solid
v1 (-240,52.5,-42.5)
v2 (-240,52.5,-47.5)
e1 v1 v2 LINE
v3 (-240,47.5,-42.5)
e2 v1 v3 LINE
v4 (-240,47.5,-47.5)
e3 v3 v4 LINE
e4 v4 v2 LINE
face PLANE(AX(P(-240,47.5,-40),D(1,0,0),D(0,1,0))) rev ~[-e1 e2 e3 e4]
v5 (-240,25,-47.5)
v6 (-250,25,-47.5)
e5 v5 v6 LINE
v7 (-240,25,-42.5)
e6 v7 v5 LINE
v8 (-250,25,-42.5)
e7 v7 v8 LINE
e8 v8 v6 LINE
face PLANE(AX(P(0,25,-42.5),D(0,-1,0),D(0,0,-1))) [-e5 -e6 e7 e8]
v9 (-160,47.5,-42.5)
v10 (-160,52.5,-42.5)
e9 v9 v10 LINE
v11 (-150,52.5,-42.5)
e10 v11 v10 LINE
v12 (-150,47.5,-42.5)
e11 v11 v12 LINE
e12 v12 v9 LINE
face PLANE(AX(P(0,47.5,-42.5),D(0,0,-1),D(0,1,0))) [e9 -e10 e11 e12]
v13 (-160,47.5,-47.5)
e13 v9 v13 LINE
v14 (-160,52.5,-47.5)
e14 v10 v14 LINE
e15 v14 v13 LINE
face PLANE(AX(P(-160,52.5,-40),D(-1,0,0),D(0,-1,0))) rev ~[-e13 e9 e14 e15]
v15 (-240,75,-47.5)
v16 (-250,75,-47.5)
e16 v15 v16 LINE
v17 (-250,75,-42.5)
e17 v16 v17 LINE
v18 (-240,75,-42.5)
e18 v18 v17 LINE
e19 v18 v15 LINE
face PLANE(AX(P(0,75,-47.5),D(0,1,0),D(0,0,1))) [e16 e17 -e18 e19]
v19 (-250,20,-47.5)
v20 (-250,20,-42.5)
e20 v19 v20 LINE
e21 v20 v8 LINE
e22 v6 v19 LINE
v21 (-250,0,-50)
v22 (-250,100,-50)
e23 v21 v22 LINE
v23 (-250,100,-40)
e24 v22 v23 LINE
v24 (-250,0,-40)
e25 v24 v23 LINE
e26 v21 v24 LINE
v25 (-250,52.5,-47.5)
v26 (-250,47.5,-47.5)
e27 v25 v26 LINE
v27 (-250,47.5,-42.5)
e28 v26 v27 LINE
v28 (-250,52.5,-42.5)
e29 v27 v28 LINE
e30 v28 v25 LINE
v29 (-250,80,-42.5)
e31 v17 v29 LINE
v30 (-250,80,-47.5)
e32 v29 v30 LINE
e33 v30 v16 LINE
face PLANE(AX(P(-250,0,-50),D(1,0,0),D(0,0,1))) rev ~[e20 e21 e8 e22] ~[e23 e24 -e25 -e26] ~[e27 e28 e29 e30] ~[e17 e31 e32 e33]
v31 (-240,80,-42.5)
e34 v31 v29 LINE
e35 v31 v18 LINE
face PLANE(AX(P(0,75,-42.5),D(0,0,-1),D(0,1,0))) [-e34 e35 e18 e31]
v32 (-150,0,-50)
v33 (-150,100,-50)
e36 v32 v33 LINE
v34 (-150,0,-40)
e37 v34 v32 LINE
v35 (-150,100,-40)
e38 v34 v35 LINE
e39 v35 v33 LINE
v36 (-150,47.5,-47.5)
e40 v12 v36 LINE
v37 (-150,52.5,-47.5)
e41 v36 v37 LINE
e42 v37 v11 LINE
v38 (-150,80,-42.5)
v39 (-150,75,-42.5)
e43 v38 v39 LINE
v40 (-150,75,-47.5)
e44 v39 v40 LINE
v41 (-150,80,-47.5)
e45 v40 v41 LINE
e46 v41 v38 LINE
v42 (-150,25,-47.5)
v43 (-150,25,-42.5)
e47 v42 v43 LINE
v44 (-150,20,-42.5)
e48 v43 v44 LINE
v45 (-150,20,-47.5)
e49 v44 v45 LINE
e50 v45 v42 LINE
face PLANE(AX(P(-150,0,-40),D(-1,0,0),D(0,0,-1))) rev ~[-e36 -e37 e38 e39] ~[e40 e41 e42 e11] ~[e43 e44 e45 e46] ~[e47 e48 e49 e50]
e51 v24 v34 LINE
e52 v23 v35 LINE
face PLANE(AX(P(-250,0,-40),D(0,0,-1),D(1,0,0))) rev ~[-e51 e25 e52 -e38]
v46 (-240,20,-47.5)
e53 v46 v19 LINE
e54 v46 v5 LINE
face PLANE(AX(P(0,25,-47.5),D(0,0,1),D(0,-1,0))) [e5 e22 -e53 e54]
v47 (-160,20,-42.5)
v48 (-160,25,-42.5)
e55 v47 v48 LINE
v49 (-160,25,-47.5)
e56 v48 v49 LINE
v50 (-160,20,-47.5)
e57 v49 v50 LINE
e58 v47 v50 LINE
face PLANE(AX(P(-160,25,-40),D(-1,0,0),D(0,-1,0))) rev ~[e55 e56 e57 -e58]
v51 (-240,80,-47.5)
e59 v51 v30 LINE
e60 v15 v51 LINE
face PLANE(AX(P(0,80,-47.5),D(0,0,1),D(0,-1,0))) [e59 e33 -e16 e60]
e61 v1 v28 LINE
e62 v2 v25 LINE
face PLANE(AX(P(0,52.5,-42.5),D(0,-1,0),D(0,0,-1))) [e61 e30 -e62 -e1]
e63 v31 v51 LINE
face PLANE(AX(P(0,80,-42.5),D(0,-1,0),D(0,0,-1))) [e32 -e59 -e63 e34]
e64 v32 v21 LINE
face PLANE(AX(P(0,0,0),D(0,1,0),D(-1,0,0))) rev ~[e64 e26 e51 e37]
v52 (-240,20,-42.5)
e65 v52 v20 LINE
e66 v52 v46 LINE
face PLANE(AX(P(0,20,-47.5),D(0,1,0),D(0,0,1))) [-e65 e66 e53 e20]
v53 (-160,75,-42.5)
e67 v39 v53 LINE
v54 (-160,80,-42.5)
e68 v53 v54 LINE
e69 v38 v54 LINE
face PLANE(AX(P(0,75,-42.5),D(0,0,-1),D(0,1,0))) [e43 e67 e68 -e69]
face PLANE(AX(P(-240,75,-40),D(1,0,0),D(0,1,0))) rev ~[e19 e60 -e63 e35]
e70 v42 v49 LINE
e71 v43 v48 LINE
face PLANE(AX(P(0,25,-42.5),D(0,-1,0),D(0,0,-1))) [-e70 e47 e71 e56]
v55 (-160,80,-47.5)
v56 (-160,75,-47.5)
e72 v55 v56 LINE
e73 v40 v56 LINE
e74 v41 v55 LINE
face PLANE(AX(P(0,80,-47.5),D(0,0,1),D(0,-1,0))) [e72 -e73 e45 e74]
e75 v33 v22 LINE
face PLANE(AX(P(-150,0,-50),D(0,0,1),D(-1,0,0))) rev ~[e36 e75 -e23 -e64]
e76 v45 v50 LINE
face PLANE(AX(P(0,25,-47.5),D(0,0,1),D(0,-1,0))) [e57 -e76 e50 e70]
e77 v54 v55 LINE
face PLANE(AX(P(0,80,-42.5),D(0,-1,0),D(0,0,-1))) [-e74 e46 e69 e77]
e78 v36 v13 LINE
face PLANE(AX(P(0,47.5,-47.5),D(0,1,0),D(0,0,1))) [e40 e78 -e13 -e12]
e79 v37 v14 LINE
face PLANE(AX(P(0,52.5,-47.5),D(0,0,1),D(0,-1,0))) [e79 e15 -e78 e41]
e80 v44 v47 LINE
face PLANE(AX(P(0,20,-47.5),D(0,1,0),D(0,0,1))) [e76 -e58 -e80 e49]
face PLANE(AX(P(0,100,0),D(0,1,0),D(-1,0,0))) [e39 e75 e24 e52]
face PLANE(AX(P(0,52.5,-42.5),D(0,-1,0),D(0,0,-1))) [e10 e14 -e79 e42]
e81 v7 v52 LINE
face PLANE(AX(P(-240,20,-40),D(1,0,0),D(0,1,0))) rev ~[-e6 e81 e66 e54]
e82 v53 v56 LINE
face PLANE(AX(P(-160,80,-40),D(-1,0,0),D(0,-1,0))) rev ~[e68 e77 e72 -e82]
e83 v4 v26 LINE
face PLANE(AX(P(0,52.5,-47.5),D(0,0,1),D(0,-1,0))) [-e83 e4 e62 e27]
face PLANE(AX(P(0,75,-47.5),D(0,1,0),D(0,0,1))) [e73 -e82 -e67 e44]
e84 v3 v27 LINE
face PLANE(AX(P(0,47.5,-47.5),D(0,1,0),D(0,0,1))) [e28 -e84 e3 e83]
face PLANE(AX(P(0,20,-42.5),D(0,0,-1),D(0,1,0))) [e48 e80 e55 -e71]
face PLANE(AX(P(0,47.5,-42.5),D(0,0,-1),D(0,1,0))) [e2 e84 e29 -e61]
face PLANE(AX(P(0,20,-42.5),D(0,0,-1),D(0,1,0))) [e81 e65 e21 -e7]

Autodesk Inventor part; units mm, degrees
ref_plane "YZ Plane" through (0, 0, 0) normal (1, 0, 0) x (0, 1, 0)
ref_plane "XZ Plane" through (0, 0, 0) normal (0, 1, 0) x (-1, 0, 0)
ref_plane "XY Plane" through (0, 0, 0) normal (0, 0, 1) x (1, 0, 0)
sketch "Sketch1" plane through (0, 0, 0) normal (0, 1, 0) x (-1, 0, 0)
  line L0 (400, -50) -> (400, 50)
  line L1 (400, 50) -> (390, 50)
  line L2 (390, 50) -> (390, -40)
  line L3 (390, -40) -> (300, -40)
  line L4 (300, -40) -> (300, -50)
  line L5 (300, -50) -> (400, -50)
  line L6 (250, -50) -> (250, -40)
  line L7 (250, -40) -> (150, -40)
  line L8 (150, -40) -> (150, -50)
  line L9 (150, -50) -> (250, -50)
  line L10 (100, -50) -> (100, -40)
  line L11 (100, -40) -> (10, -40)
  line L12 (10, -40) -> (10, 50)
  line L13 (10, 50) -> (0, 50)
  line L14 (0, 50) -> (0, -50)
  line L15 (0, -50) -> (100, -50)
  point P0 (0, 0)
  dimension "d0" = 100
  dimension "d1" = 100
  dimension "d2" = 10
  dimension "d3" = 10
  dimension "d4" = 100
  dimension "d5" = 100
  dimension "d6" = 100
  dimension "d7" = 10
  dimension "d8" = 10
  dimension "d9" = 50
  dimension "d10" = 50
  dimension "d11" = 400
  dimension "d12" = 50
  dimension "d13" = 50
extrude "Extrusion1" add sketch "Sketch1" along normal blind 100
sketch "Sketch2" plane through (0, 0, 0) normal (1, 0, 0) x (0, 1, 0)
  point P0 (0, 0)
sketch "Sketch3" plane through (0, 0, 50) normal (1, 0, 0) x (0, 0, -1)
  line L0 (92.5, 80) -> (97.5, 80)
  line L1 (97.5, 80) -> (97.5, 75)
  line L2 (97.5, 75) -> (92.5, 75)
  line L3 (92.5, 75) -> (92.5, 80)
  line L4 (97.5, 20) -> (92.5, 20)
  line L5 (92.5, 20) -> (92.5, 25)
  line L6 (92.5, 25) -> (97.5, 25)
  line L7 (97.5, 25) -> (97.5, 20)
  line L8 (0, 100) -> (100, 100) projected
  line L9 (100, 0) -> (100, 100) projected
  line L10 (0, 0) -> (100, 0) projected
  line L11 (92.5, 52.5) -> (97.5, 52.5)
  line L12 (97.5, 52.5) -> (97.5, 47.5)
  line L13 (97.5, 47.5) -> (92.5, 47.5)
  line L14 (92.5, 47.5) -> (92.5, 52.5)
  point P0 (50, 0)
  dimension "d16" = 20
  dimension "d17" = 5
  dimension "d18" = 5
  dimension "d19" = 2.5
  dimension "d20" = 20
  dimension "d21" = 5
  dimension "d22" = 5
  dimension "d24" = 7.5
  dimension "d25" = 5
  dimension "d26" = 5
  dimension "d27" = 2.5
  dimension "d28" = 22.5
extrude "Extrusion2" cut sketch "Sketch3" against normal blind 320
sketch "Sketch4" plane through (0, 0, 50) normal (1, 0, 0) x (0, 0, -1)
  line L0 (97.5, 75) -> (92.5, 75) projected
  line L1 (97.5, 80) -> (97.5, 75) projected
  line L2 (92.5, 80) -> (97.5, 80) projected
  line L3 (92.5, 75) -> (92.5, 80) projected
  line L4 (97.5, 47.5) -> (92.5, 47.5) projected
  line L5 (97.5, 52.5) -> (97.5, 47.5) projected
  line L6 (92.5, 52.5) -> (97.5, 52.5) projected
  line L7 (92.5, 47.5) -> (92.5, 52.5) projected
  line L8 (92.5, 25) -> (97.5, 25) projected
  line L9 (92.5, 20) -> (92.5, 25) projected
  line L10 (97.5, 20) -> (92.5, 20) projected
  line L11 (97.5, 25) -> (97.5, 20) projected
  line L12 (92.5, 80) -> (97.5, 80)
  line L13 (97.5, 80) -> (97.5, 75)
  line L14 (97.5, 75) -> (92.5, 75)
  line L15 (92.5, 75) -> (92.5, 80)
  line L16 (92.5, 52.5) -> (97.5, 52.5)
  line L17 (97.5, 52.5) -> (97.5, 47.5)
  line L18 (97.5, 47.5) -> (92.5, 47.5)
  line L19 (92.5, 47.5) -> (92.5, 52.5)
  line L20 (92.5, 25) -> (97.5, 25)
  line L21 (97.5, 25) -> (97.5, 20)
  line L22 (97.5, 20) -> (92.5, 20)
  line L23 (92.5, 20) -> (92.5, 25)
  point P0 (50, 0)
extrude "Extrusion3" add sketch "Sketch4" against normal blind 80
sketch "Sketch6" plane through (-250, 0, -40) normal (0, 0, 1) x (1, 0, 0)
  line L0 (-50, 80) -> (-50, 75) projected
  line L1 (-50, 80) -> (-70, 80) projected
  line L2 (-70, 80) -> (-70, 75) projected
  line L3 (-50, 75) -> (-70, 75) projected
  line L4 (-50, 52.5) -> (-50, 47.5) projected
  line L5 (-50, 52.5) -> (-70, 52.5) projected
  line L6 (-70, 52.5) -> (-70, 47.5) projected
  line L7 (-50, 47.5) -> (-70, 47.5) projected
  line L8 (-50, 25) -> (-50, 20) projected
  line L9 (-50, 25) -> (-70, 25) projected
  line L10 (-70, 25) -> (-70, 20) projected
  line L11 (-50, 20) -> (-70, 20) projected
  line L12 (0, 75) -> (0, 80) projected
  line L13 (100, 75) -> (0, 75) projected
  line L14 (100, 80) -> (100, 75) projected
  line L15 (100, 80) -> (0, 80) projected
  line L16 (0, 47.5) -> (0, 52.5) projected
  line L17 (100, 47.5) -> (0, 47.5) projected
  line L18 (100, 52.5) -> (100, 47.5) projected
  line L19 (100, 52.5) -> (0, 52.5) projected
  line L20 (0, 20) -> (0, 25) projected
  line L21 (100, 20) -> (0, 20) projected
  line L22 (100, 25) -> (100, 20) projected
  line L23 (100, 25) -> (0, 25) projected
  line L24 (170, 75) -> (170, 80) projected
  line L25 (170, 80) -> (150, 80) projected
  line L26 (150, 75) -> (150, 80) projected
  line L27 (170, 75) -> (150, 75) projected
  line L28 (170, 47.5) -> (170, 52.5) projected
  line L29 (170, 52.5) -> (150, 52.5) projected
  line L30 (150, 47.5) -> (150, 52.5) projected
  line L31 (170, 47.5) -> (150, 47.5) projected
  line L32 (170, 20) -> (170, 25) projected
  line L33 (170, 25) -> (150, 25) projected
  line L34 (150, 20) -> (150, 25) projected
  line L35 (170, 20) -> (150, 20) projected
  line L36 (-70, 80) -> (-60, 80)
  line L37 (-60, 80) -> (-60, 20)
  line L38 (-60, 20) -> (-70, 20)
  line L39 (-70, 20) -> (-70, 80)
  line L40 (10, 80) -> (90, 80)
  line L41 (90, 80) -> (90, 20)
  line L42 (90, 20) -> (10, 20)
  line L43 (10, 20) -> (10, 80)
  line L44 (160, 80) -> (170, 80)
  line L45 (170, 80) -> (170, 20)
  line L46 (170, 20) -> (160, 20)
  line L47 (160, 20) -> (160, 80)
  line L48 (0, 0) -> (0, 100) projected
  line L49 (100, 0) -> (100, 100) projected
  line L50 (10, 25) -> (90, 25)
  line L51 (90, 25) -> (90, 20)
  line L52 (90, 20) -> (10, 20)
  line L53 (10, 20) -> (10, 25)
  point P0 (250, 0)
  point P1 (160, 25)
  point P2 (160, 20)
  point P3 (160, 52.5)
  point P4 (160, 47.5)
  point P5 (160, 75)
  point P6 (10, 75)
  point P7 (90, 75)
  point P8 (90, 80)
  point P9 (10, 52.5)
  point P10 (10, 47.5)
  point P11 (90, 47.5)
  point P12 (90, 52.5)
  point P13 (10, 25)
  point P14 (10, 20)
  point P15 (-60, 25)
  point P16 (-60, 47.5)
  point P17 (-60, 52.5)
  point P18 (-60, 75)
  point P19 (90, 25)
  point P20 (90, 25)
  dimension "d33" = 10
  dimension "d34" = 10
extrude "Extrusion4" add sketch "Sketch6" against normal blind 10 contours L37 L3 L2 L1 | L37 L5 L39 L3 | L37 L7 L6 L5 | L37 L9 L39 L7 | L37 L11 L10 L9 | L43 L15 L41 L13 | L19 L41 L17 L43 | L23 L41 L21 L43 | L27 L47 L25 L24 | L45 L29 L47 L27 | L28 L31 L47 L29 | L45 L33 L47 L31 | L32 L35 L47 L33
sketch "Sketch8" plane through (0, 100, 0) normal (0, 1, 0) x (1, 0, 0)
  line L0 (-300, 50) -> (-400, 50) projected
  line L1 (-400, 50) -> (-400, -50) projected
  line L2 (0, 50) -> (-100, 50) projected
  line L3 (0, -50) -> (0, 50) projected
  line L4 (-400, 50) -> (-300, 50)
  line L5 (-300, 50) -> (-300, -50)
  line L6 (-300, -50) -> (-400, -50)
  line L7 (-400, -50) -> (-400, 50)
  line L8 (0, 50) -> (-100, 50)
  line L9 (-100, 50) -> (-100, -50)
  line L10 (-100, -50) -> (0, -50)
  line L11 (0, -50) -> (0, 50)
  point P0 (0, 0)
  dimension "d44" = 100
  dimension "d45" = 100
  dimension "d46" = 100
extrude "Extrusion6" cut sketch "Sketch8" against normal through all
properties part number "Soccer Goal Split"
